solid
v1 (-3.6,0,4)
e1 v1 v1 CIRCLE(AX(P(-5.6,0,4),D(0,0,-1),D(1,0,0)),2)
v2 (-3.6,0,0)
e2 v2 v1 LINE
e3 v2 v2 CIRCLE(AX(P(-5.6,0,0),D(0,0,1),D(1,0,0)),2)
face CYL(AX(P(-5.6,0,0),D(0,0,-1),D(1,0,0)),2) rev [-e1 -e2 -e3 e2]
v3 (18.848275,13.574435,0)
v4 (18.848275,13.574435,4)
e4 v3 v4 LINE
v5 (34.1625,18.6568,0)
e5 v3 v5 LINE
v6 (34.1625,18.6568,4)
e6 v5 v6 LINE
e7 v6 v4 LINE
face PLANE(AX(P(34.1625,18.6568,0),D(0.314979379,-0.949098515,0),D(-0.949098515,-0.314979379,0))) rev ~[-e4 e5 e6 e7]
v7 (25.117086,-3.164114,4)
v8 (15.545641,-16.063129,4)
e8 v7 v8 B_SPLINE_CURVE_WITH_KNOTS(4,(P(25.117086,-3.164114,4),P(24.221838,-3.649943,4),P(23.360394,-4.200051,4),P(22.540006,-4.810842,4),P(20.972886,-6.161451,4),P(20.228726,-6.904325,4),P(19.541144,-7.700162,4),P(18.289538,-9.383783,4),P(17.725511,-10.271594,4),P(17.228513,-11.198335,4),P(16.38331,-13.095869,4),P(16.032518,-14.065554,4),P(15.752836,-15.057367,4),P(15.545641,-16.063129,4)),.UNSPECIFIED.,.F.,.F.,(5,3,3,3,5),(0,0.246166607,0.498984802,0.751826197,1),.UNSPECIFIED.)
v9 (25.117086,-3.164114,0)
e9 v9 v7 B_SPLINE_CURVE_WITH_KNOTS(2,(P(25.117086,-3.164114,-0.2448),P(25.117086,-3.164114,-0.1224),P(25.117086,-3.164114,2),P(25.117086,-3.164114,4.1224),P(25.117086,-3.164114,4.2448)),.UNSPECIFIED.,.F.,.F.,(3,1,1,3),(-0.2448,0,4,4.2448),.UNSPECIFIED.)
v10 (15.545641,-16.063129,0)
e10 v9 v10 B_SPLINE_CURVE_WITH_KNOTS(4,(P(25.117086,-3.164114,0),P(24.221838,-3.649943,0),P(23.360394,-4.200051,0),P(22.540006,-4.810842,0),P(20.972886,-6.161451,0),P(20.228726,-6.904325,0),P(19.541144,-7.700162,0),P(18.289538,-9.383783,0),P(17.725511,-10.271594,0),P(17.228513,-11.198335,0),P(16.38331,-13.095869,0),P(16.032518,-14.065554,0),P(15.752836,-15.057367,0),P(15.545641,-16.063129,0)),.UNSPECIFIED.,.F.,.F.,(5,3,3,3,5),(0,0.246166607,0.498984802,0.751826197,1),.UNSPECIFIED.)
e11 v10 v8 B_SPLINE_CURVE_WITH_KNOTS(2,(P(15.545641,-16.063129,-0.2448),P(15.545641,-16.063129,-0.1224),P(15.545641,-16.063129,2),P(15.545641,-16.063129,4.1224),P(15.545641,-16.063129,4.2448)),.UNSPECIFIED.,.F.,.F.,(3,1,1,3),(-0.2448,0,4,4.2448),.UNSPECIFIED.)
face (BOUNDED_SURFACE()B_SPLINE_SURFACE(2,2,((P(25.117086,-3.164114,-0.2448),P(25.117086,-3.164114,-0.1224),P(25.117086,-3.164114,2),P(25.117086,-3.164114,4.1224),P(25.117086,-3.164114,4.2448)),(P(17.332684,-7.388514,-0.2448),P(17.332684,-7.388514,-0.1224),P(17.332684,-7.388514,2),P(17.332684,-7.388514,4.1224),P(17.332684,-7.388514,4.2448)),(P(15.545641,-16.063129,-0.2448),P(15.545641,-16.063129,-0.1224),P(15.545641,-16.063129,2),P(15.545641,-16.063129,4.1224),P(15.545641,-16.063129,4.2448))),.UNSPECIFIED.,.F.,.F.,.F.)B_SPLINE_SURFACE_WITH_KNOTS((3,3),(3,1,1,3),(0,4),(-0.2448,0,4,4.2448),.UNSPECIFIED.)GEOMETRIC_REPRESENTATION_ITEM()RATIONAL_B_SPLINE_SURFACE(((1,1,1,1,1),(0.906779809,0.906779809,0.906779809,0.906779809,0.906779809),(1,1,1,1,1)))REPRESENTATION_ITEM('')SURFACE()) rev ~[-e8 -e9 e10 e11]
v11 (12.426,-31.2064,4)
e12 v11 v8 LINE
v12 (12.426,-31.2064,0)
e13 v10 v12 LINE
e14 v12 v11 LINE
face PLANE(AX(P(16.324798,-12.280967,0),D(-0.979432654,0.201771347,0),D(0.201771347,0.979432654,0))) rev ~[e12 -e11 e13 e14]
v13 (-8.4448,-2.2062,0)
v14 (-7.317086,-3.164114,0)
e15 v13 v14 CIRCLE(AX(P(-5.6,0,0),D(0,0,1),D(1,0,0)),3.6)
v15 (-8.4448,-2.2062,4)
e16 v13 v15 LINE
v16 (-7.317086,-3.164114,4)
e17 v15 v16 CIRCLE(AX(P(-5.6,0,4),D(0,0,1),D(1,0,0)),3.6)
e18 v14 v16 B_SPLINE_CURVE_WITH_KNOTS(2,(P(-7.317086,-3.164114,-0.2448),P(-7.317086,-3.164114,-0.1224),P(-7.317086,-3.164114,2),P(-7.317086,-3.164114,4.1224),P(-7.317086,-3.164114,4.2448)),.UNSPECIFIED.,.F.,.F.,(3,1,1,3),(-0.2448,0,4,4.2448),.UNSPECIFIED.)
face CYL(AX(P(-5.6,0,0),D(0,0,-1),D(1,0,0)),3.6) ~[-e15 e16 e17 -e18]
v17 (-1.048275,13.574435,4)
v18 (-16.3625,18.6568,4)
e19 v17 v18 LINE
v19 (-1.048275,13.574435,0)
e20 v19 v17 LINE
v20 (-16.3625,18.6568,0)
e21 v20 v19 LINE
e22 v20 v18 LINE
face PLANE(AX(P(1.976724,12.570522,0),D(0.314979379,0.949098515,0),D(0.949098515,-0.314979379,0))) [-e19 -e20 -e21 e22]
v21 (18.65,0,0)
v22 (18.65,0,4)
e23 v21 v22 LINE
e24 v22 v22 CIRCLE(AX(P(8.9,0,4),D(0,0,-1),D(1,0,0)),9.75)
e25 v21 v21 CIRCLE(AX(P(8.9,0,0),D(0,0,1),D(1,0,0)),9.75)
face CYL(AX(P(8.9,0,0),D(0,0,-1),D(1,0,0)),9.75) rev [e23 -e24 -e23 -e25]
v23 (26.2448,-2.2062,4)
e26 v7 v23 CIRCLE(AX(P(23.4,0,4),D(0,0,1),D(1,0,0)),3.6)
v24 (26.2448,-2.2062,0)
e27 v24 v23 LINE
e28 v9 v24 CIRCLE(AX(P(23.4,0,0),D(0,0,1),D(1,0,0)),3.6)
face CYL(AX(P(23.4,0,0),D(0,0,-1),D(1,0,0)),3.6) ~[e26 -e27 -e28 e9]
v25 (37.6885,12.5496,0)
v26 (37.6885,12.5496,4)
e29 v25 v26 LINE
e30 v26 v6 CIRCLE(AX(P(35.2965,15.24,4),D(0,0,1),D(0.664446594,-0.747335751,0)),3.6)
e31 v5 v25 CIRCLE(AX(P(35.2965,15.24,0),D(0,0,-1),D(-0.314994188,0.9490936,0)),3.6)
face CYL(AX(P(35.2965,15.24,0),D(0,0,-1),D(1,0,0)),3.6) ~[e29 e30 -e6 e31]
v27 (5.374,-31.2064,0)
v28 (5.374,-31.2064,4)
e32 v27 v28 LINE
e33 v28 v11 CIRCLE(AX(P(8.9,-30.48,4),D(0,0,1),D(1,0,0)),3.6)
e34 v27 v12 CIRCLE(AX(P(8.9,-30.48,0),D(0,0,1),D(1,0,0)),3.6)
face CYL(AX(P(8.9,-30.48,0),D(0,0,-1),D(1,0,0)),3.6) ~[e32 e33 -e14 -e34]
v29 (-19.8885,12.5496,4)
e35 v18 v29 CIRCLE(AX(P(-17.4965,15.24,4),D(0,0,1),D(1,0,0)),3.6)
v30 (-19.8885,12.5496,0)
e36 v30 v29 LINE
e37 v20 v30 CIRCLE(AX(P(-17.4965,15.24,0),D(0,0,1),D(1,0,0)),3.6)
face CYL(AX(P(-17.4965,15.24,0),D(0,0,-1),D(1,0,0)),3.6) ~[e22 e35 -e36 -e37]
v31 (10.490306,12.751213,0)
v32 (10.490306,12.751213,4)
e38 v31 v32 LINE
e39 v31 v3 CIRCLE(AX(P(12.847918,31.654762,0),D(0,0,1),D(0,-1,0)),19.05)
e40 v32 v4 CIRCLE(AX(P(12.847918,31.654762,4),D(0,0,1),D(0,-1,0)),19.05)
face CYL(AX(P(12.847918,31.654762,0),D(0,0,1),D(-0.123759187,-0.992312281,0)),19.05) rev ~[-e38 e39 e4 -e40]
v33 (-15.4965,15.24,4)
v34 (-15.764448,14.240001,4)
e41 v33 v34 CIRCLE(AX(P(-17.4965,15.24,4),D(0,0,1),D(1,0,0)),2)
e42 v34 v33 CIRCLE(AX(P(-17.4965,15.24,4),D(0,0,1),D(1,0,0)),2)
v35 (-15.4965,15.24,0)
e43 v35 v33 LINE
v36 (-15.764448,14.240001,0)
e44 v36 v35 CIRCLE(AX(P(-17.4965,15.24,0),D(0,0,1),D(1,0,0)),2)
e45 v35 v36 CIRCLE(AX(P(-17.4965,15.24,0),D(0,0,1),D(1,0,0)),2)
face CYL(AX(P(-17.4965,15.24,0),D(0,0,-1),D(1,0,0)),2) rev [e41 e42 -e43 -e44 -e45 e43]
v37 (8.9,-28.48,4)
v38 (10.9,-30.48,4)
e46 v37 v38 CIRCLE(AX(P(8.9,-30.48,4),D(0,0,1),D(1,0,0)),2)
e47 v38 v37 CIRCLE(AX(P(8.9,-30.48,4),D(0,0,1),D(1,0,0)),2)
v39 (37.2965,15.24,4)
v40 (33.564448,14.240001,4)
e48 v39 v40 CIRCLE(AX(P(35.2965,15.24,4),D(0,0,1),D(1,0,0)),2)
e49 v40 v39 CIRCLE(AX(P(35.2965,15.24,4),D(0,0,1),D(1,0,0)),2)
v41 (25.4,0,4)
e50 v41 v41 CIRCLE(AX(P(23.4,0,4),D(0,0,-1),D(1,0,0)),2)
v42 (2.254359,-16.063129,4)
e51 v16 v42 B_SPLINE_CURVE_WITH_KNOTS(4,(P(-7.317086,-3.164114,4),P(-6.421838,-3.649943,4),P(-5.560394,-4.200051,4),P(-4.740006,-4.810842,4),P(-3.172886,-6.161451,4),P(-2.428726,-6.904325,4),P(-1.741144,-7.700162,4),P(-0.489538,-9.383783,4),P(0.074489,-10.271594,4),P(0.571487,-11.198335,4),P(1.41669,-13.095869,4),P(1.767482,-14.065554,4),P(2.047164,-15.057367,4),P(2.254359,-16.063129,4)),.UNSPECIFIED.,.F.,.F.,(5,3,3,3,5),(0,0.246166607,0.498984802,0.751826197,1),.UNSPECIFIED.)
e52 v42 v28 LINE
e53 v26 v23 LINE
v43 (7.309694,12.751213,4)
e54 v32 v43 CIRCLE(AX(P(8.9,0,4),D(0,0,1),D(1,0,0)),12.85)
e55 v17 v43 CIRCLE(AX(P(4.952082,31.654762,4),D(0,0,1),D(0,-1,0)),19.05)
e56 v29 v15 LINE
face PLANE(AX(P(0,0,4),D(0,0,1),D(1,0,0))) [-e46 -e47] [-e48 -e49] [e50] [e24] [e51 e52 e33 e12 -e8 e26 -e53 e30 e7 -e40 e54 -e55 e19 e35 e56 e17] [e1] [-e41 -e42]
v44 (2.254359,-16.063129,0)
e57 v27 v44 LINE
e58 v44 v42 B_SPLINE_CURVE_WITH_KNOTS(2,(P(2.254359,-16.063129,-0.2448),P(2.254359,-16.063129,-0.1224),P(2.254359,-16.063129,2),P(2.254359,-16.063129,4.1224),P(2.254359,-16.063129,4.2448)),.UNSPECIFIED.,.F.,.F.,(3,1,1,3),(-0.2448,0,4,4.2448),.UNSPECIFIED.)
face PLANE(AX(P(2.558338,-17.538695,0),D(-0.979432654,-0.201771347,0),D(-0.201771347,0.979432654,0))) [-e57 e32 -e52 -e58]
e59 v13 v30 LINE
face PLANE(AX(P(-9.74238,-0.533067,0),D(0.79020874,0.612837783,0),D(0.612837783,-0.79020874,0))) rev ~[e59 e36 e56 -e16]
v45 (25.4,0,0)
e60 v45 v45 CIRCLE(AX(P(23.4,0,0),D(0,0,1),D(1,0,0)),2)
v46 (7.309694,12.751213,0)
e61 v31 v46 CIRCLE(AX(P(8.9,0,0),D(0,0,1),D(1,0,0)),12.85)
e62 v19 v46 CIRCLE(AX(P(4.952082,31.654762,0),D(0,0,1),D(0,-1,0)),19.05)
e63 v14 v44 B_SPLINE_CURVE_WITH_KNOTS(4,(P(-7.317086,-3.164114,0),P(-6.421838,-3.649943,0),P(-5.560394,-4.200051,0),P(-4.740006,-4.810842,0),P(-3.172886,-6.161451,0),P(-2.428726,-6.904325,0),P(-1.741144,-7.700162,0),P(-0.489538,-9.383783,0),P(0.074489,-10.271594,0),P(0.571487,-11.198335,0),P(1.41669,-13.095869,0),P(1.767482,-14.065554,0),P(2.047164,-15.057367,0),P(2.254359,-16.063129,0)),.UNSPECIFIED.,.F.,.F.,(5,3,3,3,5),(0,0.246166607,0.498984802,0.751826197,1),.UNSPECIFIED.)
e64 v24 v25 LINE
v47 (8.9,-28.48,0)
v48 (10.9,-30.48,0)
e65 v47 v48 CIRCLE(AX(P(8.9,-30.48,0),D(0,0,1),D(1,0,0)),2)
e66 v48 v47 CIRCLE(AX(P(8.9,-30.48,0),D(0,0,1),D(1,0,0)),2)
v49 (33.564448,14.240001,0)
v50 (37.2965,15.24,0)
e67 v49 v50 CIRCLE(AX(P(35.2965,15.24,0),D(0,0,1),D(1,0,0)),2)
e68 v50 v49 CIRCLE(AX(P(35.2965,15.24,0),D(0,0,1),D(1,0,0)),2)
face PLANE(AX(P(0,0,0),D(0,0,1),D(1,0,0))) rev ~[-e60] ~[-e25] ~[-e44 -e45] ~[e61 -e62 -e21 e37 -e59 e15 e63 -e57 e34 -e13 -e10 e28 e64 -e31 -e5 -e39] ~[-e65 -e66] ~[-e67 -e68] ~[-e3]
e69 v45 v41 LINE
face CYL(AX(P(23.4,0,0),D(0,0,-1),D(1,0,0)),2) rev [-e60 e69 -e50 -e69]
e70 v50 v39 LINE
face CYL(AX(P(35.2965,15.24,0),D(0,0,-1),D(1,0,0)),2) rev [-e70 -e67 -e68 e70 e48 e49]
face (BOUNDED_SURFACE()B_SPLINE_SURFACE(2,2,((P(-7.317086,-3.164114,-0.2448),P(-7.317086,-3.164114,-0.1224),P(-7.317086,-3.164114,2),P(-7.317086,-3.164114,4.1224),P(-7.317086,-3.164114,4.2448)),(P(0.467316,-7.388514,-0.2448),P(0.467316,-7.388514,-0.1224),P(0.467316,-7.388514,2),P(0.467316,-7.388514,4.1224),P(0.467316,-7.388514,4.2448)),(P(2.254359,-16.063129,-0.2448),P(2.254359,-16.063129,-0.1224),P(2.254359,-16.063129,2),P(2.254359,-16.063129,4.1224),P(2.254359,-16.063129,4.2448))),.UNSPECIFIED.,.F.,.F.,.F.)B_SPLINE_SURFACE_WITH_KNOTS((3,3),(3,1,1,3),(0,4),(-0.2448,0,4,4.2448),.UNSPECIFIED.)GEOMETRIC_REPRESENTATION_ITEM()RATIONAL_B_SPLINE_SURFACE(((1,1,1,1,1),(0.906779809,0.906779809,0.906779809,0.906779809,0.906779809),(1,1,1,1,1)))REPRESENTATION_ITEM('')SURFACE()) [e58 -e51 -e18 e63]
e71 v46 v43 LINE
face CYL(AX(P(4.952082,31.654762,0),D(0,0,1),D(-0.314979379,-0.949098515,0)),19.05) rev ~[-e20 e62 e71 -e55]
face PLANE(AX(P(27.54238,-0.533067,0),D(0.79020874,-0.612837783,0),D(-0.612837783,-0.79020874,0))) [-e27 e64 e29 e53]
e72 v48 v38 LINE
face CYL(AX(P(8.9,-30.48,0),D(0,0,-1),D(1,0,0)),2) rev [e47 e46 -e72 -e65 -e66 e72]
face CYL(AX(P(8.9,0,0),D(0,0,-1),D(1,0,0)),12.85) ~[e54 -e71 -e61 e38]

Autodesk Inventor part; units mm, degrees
ref_plane "YZ Plane" through (0, 0, 0) normal (1, 0, 0) x (0, 1, 0)
ref_plane "XZ Plane" through (0, 0, 0) normal (0, 1, 0) x (-1, 0, 0)
ref_plane "XY Plane" through (0, 0, 0) normal (0, 0, 1) x (1, 0, 0)
sketch "Sketch1" plane through (0, 0, 0) normal (0, 0, 1) x (1, 0, 0)
  circle A0 centre (8.9, 0) radius 18.65 projected
  circle A1 centre (23.4, 0) radius 1.65 projected
  circle A2 centre (-5.6, 0) radius 1.65 projected
  arc A3 (13.951, -13.4327) -> (21.5237, -6.826) centre (8.9, 0) ccw projected
  arc A4 (22.3604, -6.5571) -> (21.5237, -6.826) centre (22.0823, -7.128) ccw projected
  line L0 (22.3604, -6.5571) -> (23.5602, -7.1416) projected
  arc A5 (23.8417, -8.0126) -> (23.5602, -7.1416) centre (23.2821, -7.7125) ccw projected
  arc A6 (14.8123, -15.8902) -> (23.8417, -8.0126) centre (8.9, 0) ccw projected
  arc A7 (13.9876, -15.4932) -> (14.8123, -15.8902) centre (14.5909, -15.2951) ccw projected
  line L1 (13.9876, -15.4932) -> (13.5712, -14.2252) projected
  arc A8 (13.951, -13.4327) -> (13.5712, -14.2252) centre (14.1745, -14.0271) ccw projected
  line L2 (-4.5604, 6.5571) -> (-5.7602, 7.1416) projected
  arc A9 (-6.0417, 8.0126) -> (-5.7602, 7.1416) centre (-5.4821, 7.7125) ccw projected
  arc A10 (2.9877, 15.8902) -> (-6.0417, 8.0126) centre (8.9, 0) ccw projected
  arc A11 (3.8124, 15.4932) -> (2.9877, 15.8902) centre (3.2091, 15.2951) ccw projected
  line L3 (3.8124, 15.4932) -> (4.2288, 14.2252) projected
  arc A12 (3.849, 13.4327) -> (4.2288, 14.2252) centre (3.6255, 14.0271) ccw projected
  arc A13 (3.849, 13.4327) -> (-3.7237, 6.826) centre (8.9, 0) ccw projected
  arc A14 (-4.5604, 6.5571) -> (-3.7237, 6.826) centre (-4.2823, 7.128) ccw projected
  circle A15 centre (8.9, 0) radius 8.75 projected
  line L4 (22.3604, 6.5571) -> (23.5602, 7.1416) projected
  arc A16 (21.5237, 6.826) -> (22.3604, 6.5571) centre (22.0823, 7.128) ccw projected
  arc A17 (21.5237, 6.826) -> (13.951, 13.4327) centre (8.9, 0) ccw projected
  arc A18 (13.5712, 14.2252) -> (13.951, 13.4327) centre (14.1745, 14.0271) ccw projected
  line L5 (13.9876, 15.4932) -> (13.5712, 14.2252) projected
  arc A19 (14.8123, 15.8902) -> (13.9876, 15.4932) centre (14.5909, 15.2951) ccw projected
  arc A20 (23.8417, 8.0126) -> (14.8123, 15.8902) centre (8.9, 0) ccw projected
  arc A21 (23.5602, 7.1416) -> (23.8417, 8.0126) centre (23.2821, 7.7125) ccw projected
  line L6 (-4.5604, -6.5571) -> (-5.7602, -7.1416) projected
  arc A22 (-3.7237, -6.826) -> (-4.5604, -6.5571) centre (-4.2823, -7.128) ccw projected
  arc A23 (-3.7237, -6.826) -> (3.849, -13.4327) centre (8.9, 0) ccw projected
  arc A24 (4.2288, -14.2252) -> (3.849, -13.4327) centre (3.6255, -14.0271) ccw projected
  line L7 (3.8124, -15.4932) -> (4.2288, -14.2252) projected
  arc A25 (2.9877, -15.8902) -> (3.8124, -15.4932) centre (3.2091, -15.2951) ccw projected
  arc A26 (-6.0417, -8.0126) -> (2.9877, -15.8902) centre (8.9, 0) ccw projected
  arc A27 (-5.7602, -7.1416) -> (-6.0417, -8.0126) centre (-5.4821, -7.7125) ccw projected
  circle A28 centre (-5.6, 0) radius 1.65
  circle A29 centre (23.4, 0) radius 1.65
  circle A30 centre (8.9, 0) radius 9.75
  line L8 (8.9, 0) -> (8.9, -30.48)
  circle A31 centre (8.9, -30.48) radius 2
  circle A32 centre (8.9, -30.48) radius 3.6
  line L9 (5.374, -31.2064) -> (-0.6495, -1.9673)
  line L10 (12.426, -31.2064) -> (18.4495, -1.9673)
  circle A33 centre (35.2965, 15.24) radius 2
  circle A34 centre (35.2965, 15.24) radius 3.6
  line L11 (8.9, 0) -> (35.2965, 15.24)
  line L12 (34.1625, 18.6568) -> (5.829, 9.2537)
  line L13 (37.6885, 12.5496) -> (15.3784, -7.2864)
  circle A35 centre (-17.4965, 15.24) radius 2
  circle A36 centre (-17.4965, 15.24) radius 3.6
  line L14 (8.9, 0) -> (-17.4965, 15.24)
  line L15 (-19.8885, 12.5496) -> (2.4216, -7.2864)
  line L16 (-16.3625, 18.6568) -> (11.971, 9.2537)
  circle A37 centre (-5.6, 0) radius 2
  circle A38 centre (-5.6, 0) radius 3.6
  circle A39 centre (23.4, 0) radius 2
  circle A40 centre (23.4, 0) radius 3.6
  line L17 (0.0034, -5.1364) -> (-6.4857, -3.4893)
  line L18 (-19.8885, 12.5496) -> (-8.4448, -2.2062)
  line L19 (37.6885, 12.5496) -> (26.2448, -2.2062)
  line L20 (17.7966, -5.1364) -> (24.2857, -3.4893)
  circle A41 centre (8.9, 0) radius 12.85
  point P0 (0, 0)
  point P1 (15.6508, -15.5526)
  point P2 (16.3247, -12.2811)
  point P3 (8.9, 10.2729)
  point P4 (1.4753, -12.2811)
  point P5 (2.1492, -15.5526)
  point P6 (13.7731, 11.8901)
  point P7 (4.0269, 11.8901)
  point P8 (16.7606, -10.1653)
  point P9 (21.001, -4.3231)
  point P10 (-3.201, -4.3231)
  point P11 (1.0394, -10.1653)
  dimension "d0" = 1
  dimension "d1" = 4
  dimension "d2" = 7.2
  dimension "d3" = 30.48
  dimension "d6" = 360
  dimension "d8" = 4
  dimension "d9" = 7.2
  dimension "d10" = 4
  dimension "d11" = 7.2
extrude "Extrusion1" add sketch "Sketch1" along normal blind 4 contours A0 L19 A40 L13 | A0 L13 L19 | L13 A40 A41 L11 A17 A16 L4 A21 A20 A0 | A0 L11 A34 L13 | L11 A20 L12 A0 | A0 L12 A34 L11 | A34 | A40 A41 L13 A39 | L13 A39 A41 A40 | L10 A32 L8 A0 | A0 L8 A41 L10 A3 A8 L1 A7 A6 | L11 A17 L12 A20 | A20 A21 L4 A16 A17 L11 | A41 A39 L13 A40 | A40 L13 L10 A30 L11 A41 | L8 A32 L9 A0 | A0 L9 A26 A25 L7 A24 A23 A41 L8 | A32 | A6 A7 L1 A8 A3 L10 | L20 A41 A40 | L16 A10 L14 A0 | A0 L14 A36 L16 | L11 A41 L12 A17 | A40 A41 L20 L13 | L13 A41 A40 | L11 A30 L16 L12 A41 | A41 L9 L15 A30 L8 | L8 A30 L13 L10 A41 | A41 L10 L20 | L14 A10 A9 L2 A14 A13 A41 A38 L15 A0 | A0 L15 A36 L14 | A36 | L16 A13 L14 A10 | L13 A41 A39 | L13 A30 L10 | L12 L16 A41 | L18 L15 A0 | A0 L15 A38 L18 | L9 A23 A24 L7 A25 A26 | A41 L17 L9 | L14 A13 A14 L2 A9 A10 | L16 A41 L14 A13 | A30 L12 L16 | L12 A30 L14 A41 L16 | A38 L15 A37 A41 | L15 L9 A30 | L15 A38 A41 L14 A30 L9 | L17 A41 A38 L15 | L17 A38 A41 | A38 A41 A37 L15 | A38 A41 L15 | L15 A41 A37 A38 | L15 A37 A41
fillet "Fillet1" radius 19.05 6 edges at (-3.201, -4.3231, 2) (1.0394, -10.1653, 2) (4.0269, 11.8901, 2) (13.7731, 11.8901, 2) (21.001, -4.3231, 2) (16.7606, -10.1653, 2)
sketch "Sketch2" plane through (0, 0, 4) normal (0, 0, 1) x (1, 0, 0)
  arc A0 (5.4731, -1.5453) -> (4.2552, -2.5573) centre (5.9714, -3.384) ccw projected
  arc A1 (4.2552, -2.5573) -> (4.6178, -3.1268) centre (8.9, 0) ccw projected
  arc A2 (4.6178, -3.1268) -> (6.05, -2.4513) centre (4.5948, -1.2219) ccw projected
  arc A3 (6.05, -2.4513) -> (6.7049, -3.0517) centre (8.9, 0) ccw projected
  arc A4 (6.7049, -3.0517) -> (6.1561, -4.5371) centre (8.0558, -4.3949) ccw projected
  arc A5 (6.1561, -4.5371) -> (6.7549, -4.849) centre (8.9, 0) ccw projected
  arc A6 (6.7549, -4.849) -> (7.6574, -3.5479) centre (5.7825, -3.2108) ccw projected
  arc A7 (7.6574, -3.5479) -> (8.5249, -3.7404) centre (8.9, 0) ccw projected
  arc A8 (8.5249, -3.7404) -> (8.7922, -5.3012) centre (10.3664, -4.2282) ccw projected
  arc A9 (8.7922, -5.3012) -> (9.4668, -5.2719) centre (8.9, 0) ccw projected
  arc A10 (9.4668, -5.2719) -> (9.5979, -3.6939) centre (7.8056, -4.3394) ccw projected
  arc A11 (9.5979, -3.6939) -> (10.4453, -3.4269) centre (8.9, 0) ccw projected
  arc A12 (10.4453, -3.4269) -> (11.4573, -4.6448) centre (12.284, -2.9286) ccw projected
  arc A13 (11.4573, -4.6448) -> (12.0268, -4.2822) centre (8.9, 0) ccw projected
  arc A14 (12.0268, -4.2822) -> (11.3513, -2.85) centre (10.1219, -4.3052) ccw projected
  arc A15 (11.3513, -2.85) -> (11.9517, -2.1951) centre (8.9, 0) ccw projected
  arc A16 (11.9517, -2.1951) -> (13.4371, -2.7439) centre (13.2949, -0.8442) ccw projected
  arc A17 (13.4371, -2.7439) -> (13.749, -2.1451) centre (8.9, 0) ccw projected
  arc A18 (13.749, -2.1451) -> (12.4479, -1.2426) centre (12.1108, -3.1175) ccw projected
  arc A19 (12.4479, -1.2426) -> (12.6404, -0.3751) centre (8.9, 0) ccw projected
  arc A20 (12.6404, -0.3751) -> (14.2012, -0.1078) centre (13.1282, 1.4664) ccw projected
  arc A21 (14.2012, -0.1078) -> (14.1719, 0.5668) centre (8.9, 0) ccw projected
  arc A22 (14.1719, 0.5668) -> (12.5939, 0.6979) centre (13.2394, -1.0944) ccw projected
  arc A23 (12.5939, 0.6979) -> (12.3269, 1.5453) centre (8.9, 0) ccw projected
  arc A24 (12.3269, 1.5453) -> (13.5448, 2.5573) centre (11.8286, 3.384) ccw projected
  arc A25 (13.5448, 2.5573) -> (13.1822, 3.1268) centre (8.9, 0) ccw projected
  arc A26 (13.1822, 3.1268) -> (11.75, 2.4513) centre (13.2052, 1.2219) ccw projected
  arc A27 (11.75, 2.4513) -> (11.0951, 3.0517) centre (8.9, 0) ccw projected
  arc A28 (11.0951, 3.0517) -> (11.6439, 4.5371) centre (9.7442, 4.3949) ccw projected
  arc A29 (11.6439, 4.5371) -> (11.0451, 4.849) centre (8.9, 0) ccw projected
  arc A30 (11.0451, 4.849) -> (10.1426, 3.5479) centre (12.0175, 3.2108) ccw projected
  arc A31 (10.1426, 3.5479) -> (9.2751, 3.7404) centre (8.9, 0) ccw projected
  arc A32 (9.2751, 3.7404) -> (9.0078, 5.3012) centre (7.4336, 4.2282) ccw projected
  arc A33 (9.0078, 5.3012) -> (8.3332, 5.2719) centre (8.9, 0) ccw projected
  arc A34 (8.3332, 5.2719) -> (8.2021, 3.6939) centre (9.9944, 4.3394) ccw projected
  arc A35 (8.2021, 3.6939) -> (7.3547, 3.4269) centre (8.9, 0) ccw projected
  arc A36 (7.3547, 3.4269) -> (6.3427, 4.6448) centre (5.516, 2.9286) ccw projected
  arc A37 (6.3427, 4.6448) -> (5.7732, 4.2822) centre (8.9, 0) ccw projected
  arc A38 (5.7732, 4.2822) -> (6.4487, 2.85) centre (7.6781, 4.3052) ccw projected
  arc A39 (6.4487, 2.85) -> (5.8483, 2.1951) centre (8.9, 0) ccw projected
  arc A40 (5.8483, 2.1951) -> (4.3629, 2.7439) centre (4.5051, 0.8442) ccw projected
  arc A41 (4.3629, 2.7439) -> (4.051, 2.1451) centre (8.9, 0) ccw projected
  arc A42 (4.051, 2.1451) -> (5.3521, 1.2426) centre (5.6892, 3.1175) ccw projected
  arc A43 (5.3521, 1.2426) -> (5.1596, 0.3751) centre (8.9, 0) ccw projected
  arc A44 (5.1596, 0.3751) -> (3.5988, 0.1078) centre (4.6718, -1.4664) ccw projected
  arc A45 (3.5988, 0.1078) -> (3.6281, -0.5668) centre (8.9, 0) ccw projected
  arc A46 (3.6281, -0.5668) -> (5.2061, -0.6979) centre (4.5606, 1.0944) ccw projected
  arc A47 (5.2061, -0.6979) -> (5.4731, -1.5453) centre (8.9, 0) ccw projected
  circle A48 centre (8.9, 0) radius 2.7343 projected
  circle A49 centre (8.9, 27.5717) radius 23.8125
  circle A50 centre (8.9, 0) radius 3.7592
  line L0 (4.1375, 24.8221) -> (4.1375, 30.3213)
  line L1 (4.1375, 30.3213) -> (8.9, 33.071)
  line L2 (8.9, 33.071) -> (13.6625, 30.3213)
  line L3 (13.6625, 30.3213) -> (13.6625, 24.8221)
  line L4 (13.6625, 24.8221) -> (8.9, 22.0724)
  line L5 (8.9, 22.0724) -> (4.1375, 24.8221)
  line L6 (13.6625, 24.8221) -> (4.1375, 30.3213)
  line L7 (8.9, 33.071) -> (8.9, 22.0724)
  line L8 (4.1375, 24.8221) -> (13.6625, 30.3213)
  point P0 (0, 0)
  dimension "d15" = 47.625
  dimension "d16" = 9.525
  dimension "d17" = 9.525
  dimension "d18" = 9.525
properties part number "MotorHolder"
